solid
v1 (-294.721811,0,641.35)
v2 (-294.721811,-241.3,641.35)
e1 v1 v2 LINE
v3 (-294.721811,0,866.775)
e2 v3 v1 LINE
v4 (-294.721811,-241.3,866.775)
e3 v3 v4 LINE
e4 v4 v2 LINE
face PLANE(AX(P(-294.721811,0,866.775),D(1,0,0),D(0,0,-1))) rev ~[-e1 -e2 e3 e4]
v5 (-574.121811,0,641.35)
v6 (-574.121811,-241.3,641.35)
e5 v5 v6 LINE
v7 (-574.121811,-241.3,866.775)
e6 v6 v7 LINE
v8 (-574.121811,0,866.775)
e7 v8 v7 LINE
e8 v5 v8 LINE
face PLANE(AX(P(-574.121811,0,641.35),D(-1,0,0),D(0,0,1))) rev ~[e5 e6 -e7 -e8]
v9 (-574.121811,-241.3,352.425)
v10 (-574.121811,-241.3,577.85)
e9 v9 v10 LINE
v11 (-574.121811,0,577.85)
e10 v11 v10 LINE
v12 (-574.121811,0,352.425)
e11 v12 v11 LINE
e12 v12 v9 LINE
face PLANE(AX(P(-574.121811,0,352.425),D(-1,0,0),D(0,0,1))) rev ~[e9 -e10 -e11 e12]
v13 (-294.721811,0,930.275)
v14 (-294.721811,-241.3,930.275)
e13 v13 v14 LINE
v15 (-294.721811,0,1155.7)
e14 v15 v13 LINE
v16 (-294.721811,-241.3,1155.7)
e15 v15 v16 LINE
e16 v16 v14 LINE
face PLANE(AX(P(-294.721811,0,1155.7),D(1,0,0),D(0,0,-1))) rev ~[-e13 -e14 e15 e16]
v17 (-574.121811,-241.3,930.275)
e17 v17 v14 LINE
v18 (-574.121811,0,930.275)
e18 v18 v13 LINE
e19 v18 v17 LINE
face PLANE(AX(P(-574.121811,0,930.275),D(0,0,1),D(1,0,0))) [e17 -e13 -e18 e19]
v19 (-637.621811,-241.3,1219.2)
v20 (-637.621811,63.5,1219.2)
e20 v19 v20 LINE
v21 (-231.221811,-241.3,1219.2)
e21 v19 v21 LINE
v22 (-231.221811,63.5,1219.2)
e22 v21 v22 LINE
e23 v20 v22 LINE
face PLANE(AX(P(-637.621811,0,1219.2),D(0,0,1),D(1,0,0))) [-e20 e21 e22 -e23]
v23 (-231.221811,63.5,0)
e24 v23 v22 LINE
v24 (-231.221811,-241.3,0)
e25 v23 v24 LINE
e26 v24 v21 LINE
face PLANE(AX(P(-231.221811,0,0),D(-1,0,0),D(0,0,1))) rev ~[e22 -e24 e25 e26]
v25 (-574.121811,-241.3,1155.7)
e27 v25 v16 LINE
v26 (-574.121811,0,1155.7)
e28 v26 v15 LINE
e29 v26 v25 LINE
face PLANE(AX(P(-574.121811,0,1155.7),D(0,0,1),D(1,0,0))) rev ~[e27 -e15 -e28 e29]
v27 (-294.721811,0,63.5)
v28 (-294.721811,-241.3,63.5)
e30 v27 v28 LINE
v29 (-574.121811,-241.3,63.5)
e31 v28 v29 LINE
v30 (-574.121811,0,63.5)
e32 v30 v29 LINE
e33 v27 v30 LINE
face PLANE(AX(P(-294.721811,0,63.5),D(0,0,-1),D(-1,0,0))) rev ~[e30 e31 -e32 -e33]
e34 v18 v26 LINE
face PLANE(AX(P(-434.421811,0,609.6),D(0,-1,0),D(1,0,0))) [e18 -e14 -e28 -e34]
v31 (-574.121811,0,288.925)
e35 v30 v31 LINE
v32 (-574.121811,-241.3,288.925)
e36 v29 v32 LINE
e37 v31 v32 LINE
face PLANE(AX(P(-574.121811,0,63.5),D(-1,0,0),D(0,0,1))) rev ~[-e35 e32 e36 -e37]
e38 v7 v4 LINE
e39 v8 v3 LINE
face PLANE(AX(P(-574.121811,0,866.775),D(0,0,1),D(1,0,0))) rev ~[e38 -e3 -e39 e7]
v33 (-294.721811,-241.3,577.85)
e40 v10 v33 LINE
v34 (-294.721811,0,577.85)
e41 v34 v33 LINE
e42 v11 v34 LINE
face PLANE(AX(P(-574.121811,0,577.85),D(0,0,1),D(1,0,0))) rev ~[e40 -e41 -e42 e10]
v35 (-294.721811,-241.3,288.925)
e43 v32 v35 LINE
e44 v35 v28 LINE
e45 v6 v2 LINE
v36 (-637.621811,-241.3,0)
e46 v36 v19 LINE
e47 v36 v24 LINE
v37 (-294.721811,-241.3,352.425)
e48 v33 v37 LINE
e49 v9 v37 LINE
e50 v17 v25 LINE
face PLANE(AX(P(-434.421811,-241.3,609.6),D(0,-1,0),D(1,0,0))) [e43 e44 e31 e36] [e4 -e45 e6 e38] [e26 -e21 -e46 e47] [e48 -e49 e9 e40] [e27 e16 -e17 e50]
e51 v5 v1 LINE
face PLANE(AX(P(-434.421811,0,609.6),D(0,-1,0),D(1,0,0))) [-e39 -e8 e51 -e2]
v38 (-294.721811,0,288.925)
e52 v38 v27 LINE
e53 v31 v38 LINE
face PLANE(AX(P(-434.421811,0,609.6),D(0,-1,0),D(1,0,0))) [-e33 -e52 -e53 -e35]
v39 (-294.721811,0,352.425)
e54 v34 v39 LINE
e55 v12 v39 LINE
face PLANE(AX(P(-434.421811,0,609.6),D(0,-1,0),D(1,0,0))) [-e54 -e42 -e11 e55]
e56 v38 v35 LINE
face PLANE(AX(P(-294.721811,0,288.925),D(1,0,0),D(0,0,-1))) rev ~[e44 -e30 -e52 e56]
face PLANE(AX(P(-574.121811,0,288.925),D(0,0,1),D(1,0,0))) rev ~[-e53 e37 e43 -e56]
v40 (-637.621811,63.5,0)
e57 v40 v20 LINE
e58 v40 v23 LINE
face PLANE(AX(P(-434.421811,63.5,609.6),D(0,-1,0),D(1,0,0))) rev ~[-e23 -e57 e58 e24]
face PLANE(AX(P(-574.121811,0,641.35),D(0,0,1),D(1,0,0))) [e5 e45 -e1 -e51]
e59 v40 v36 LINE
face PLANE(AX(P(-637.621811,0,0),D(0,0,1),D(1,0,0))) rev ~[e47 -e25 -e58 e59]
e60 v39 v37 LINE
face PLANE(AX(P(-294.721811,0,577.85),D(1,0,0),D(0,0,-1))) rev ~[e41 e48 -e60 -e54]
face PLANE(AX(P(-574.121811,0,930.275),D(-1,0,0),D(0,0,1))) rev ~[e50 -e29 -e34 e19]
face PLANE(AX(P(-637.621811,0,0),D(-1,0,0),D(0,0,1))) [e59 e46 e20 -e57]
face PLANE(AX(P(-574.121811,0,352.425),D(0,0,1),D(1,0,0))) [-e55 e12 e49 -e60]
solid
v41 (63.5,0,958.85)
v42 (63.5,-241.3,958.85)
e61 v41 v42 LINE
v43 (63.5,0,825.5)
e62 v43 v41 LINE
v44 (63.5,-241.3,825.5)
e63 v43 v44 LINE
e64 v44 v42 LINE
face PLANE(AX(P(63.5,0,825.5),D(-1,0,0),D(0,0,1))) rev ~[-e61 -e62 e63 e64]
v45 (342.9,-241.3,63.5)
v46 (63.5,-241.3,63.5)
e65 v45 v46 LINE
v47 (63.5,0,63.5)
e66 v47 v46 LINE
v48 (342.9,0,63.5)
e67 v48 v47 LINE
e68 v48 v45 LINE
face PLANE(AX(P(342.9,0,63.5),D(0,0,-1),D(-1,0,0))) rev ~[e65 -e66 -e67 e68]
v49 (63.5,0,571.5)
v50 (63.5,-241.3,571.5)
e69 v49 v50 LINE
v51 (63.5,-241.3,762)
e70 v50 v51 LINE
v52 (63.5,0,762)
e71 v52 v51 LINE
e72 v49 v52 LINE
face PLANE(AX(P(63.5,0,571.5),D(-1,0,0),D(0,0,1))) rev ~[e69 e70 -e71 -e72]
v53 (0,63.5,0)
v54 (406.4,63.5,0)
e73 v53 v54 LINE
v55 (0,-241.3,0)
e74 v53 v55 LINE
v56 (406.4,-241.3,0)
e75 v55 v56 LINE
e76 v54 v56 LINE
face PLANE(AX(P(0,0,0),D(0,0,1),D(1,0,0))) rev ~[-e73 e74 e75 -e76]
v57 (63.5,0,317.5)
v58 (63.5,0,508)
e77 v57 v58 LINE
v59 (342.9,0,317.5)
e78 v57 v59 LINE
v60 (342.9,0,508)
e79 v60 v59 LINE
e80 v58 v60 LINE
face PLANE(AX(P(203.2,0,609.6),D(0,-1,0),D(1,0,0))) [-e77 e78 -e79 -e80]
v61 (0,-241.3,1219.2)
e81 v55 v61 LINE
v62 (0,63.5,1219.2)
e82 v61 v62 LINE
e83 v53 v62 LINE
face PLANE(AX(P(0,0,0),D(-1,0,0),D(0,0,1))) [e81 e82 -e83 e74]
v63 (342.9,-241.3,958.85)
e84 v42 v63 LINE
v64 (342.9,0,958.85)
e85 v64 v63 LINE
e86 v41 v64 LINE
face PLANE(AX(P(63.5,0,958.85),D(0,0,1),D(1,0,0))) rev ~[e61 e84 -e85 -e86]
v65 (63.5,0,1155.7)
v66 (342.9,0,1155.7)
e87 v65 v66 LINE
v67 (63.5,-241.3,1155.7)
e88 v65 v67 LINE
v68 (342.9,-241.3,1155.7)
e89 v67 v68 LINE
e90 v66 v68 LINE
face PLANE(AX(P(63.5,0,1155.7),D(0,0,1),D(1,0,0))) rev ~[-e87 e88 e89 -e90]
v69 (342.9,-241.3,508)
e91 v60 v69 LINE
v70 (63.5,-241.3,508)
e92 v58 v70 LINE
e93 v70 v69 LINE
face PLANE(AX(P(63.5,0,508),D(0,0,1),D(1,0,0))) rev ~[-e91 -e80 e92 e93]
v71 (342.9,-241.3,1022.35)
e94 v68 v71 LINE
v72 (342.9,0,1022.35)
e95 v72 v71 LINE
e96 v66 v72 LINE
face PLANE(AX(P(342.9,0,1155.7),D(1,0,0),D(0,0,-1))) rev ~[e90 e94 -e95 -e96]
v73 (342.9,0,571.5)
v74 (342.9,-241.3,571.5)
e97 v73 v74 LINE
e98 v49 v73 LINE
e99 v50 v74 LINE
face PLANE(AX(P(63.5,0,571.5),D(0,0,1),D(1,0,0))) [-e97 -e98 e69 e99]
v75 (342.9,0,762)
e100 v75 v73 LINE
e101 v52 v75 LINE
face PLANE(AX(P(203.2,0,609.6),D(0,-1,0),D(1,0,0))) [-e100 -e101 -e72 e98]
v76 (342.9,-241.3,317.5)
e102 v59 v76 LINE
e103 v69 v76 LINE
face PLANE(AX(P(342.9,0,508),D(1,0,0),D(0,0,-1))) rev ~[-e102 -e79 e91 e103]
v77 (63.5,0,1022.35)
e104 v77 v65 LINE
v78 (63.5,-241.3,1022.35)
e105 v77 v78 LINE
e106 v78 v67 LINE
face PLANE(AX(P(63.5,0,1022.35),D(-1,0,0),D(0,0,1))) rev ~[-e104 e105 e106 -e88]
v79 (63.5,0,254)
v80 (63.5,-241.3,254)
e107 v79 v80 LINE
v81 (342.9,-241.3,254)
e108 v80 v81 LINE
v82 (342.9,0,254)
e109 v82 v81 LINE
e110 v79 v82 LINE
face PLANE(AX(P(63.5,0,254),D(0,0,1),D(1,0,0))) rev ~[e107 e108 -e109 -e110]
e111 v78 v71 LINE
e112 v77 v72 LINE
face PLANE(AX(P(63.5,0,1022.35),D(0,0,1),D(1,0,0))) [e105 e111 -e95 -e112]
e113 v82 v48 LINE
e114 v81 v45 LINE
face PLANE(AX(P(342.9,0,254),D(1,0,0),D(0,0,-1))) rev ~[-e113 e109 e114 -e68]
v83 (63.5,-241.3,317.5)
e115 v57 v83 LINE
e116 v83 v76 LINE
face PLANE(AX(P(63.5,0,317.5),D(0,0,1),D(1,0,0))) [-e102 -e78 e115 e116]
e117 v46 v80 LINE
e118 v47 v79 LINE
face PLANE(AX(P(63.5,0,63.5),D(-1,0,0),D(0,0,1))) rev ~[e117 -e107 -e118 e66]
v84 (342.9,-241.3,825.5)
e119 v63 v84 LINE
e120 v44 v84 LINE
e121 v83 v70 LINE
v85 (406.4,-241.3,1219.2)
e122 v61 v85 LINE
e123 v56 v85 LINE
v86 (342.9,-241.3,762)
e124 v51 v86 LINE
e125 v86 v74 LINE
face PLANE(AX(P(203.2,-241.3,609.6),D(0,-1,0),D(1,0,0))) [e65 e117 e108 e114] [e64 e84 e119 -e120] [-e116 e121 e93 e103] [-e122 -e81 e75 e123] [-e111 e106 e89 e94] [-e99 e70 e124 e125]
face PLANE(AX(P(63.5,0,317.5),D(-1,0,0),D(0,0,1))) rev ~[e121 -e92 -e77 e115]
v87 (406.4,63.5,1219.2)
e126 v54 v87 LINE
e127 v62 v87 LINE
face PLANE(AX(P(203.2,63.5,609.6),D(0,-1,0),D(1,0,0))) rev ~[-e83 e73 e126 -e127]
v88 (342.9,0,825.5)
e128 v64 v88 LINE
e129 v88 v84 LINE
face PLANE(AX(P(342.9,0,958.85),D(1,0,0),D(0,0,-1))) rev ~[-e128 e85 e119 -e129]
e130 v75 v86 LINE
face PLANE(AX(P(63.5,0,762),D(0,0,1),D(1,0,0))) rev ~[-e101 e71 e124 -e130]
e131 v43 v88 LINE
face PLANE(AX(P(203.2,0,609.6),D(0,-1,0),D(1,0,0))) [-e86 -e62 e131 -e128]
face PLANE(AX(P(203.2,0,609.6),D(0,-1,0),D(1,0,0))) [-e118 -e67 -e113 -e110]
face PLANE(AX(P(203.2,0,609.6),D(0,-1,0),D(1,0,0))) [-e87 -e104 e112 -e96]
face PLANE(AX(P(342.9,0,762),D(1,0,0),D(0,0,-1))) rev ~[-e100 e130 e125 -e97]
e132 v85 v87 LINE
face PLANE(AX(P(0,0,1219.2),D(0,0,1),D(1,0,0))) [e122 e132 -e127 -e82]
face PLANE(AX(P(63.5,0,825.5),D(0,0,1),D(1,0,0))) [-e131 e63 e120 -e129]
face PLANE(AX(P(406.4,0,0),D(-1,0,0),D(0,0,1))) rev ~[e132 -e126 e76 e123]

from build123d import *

# Parameters (mm, degrees)
F0_W     = 406.4
F0_H     = 1219.2
F0_W_2   = 279.4
F0_H_2   = 225.425
F0_H_3   = 63.5
F0_H_4   = 190.5
F0_H_5   = 133.35
F1_DEPTH = 63.5
F2_DEPTH = 241.3


with BuildPart() as f1:
    # F0 (on Front) → F1 (new body)
    with BuildSketch(Plane.XZ):
        with Locations((-434.421811, 609.6)):
            Rectangle(F0_W, F0_H)
        Polygon((-574.121811, 1155.7), (-294.721811, 1155.7), (-294.721811, 930.275), (-294.721811, 866.775), (-294.721811, 641.35), (-294.721811, 577.85), (-294.721811, 352.425), (-294.721811, 288.925), (-294.721811, 63.5), (-574.121811, 63.5), (-574.121811, 288.925), (-574.121811, 352.425), (-574.121811, 577.85), (-574.121811, 641.35), (-574.121811, 866.775), (-574.121811, 930.275), align=None, mode=Mode.SUBTRACT)
        with Locations((203.2, 609.6)):
            Rectangle(F0_W, F0_H)
        Polygon((342.9, 254), (342.9, 63.5), (63.5, 63.5), (63.5, 254), (63.5, 317.5), (63.5, 508), (63.5, 571.5), (63.5, 762), (63.5, 825.5), (63.5, 958.85), (63.5, 1022.35), (63.5, 1155.7), (342.9, 1155.7), (342.9, 1022.35), (342.9, 958.85), (342.9, 825.5), (342.9, 762), (342.9, 571.5), (342.9, 508), (342.9, 317.5), align=None, mode=Mode.SUBTRACT)
        with Locations((-434.421811, 1042.9875)):
            Rectangle(F0_W_2, F0_H_2)
        with Locations((-434.421811, 898.525)):
            Rectangle(F0_W_2, F0_H_3)
        with Locations((-434.421811, 754.0625)):
            Rectangle(F0_W_2, F0_H_2)
        with Locations((-434.421811, 609.6)):
            Rectangle(F0_W_2, F0_H_3)
        with Locations((-434.421811, 465.1375)):
            Rectangle(F0_W_2, F0_H_2)
        with Locations((-434.421811, 320.675)):
            Rectangle(F0_W_2, F0_H_3)
        with Locations((-434.421811, 176.2125)):
            Rectangle(F0_W_2, F0_H_2)
        with Locations((203.2, 158.75)):
            Rectangle(F0_W_2, F0_H_4)
        with Locations((203.2, 285.75)):
            Rectangle(F0_W_2, F0_H_3)
        with Locations((203.2, 412.75)):
            Rectangle(F0_W_2, F0_H_4)
        with Locations((203.2, 539.75)):
            Rectangle(F0_W_2, F0_H_3)
        with Locations((203.2, 666.75)):
            Rectangle(F0_W_2, F0_H_4)
        with Locations((203.2, 793.75)):
            Rectangle(F0_W_2, F0_H_3)
        with Locations((203.2, 892.175)):
            Rectangle(F0_W_2, F0_H_5)
        with Locations((203.2, 990.6)):
            Rectangle(F0_W_2, F0_H_3)
        with Locations((203.2, 1089.025)):
            Rectangle(F0_W_2, F0_H_5)
    extrude(amount=-F1_DEPTH)

    # F0 (on Front) → F2 (join)
    with BuildSketch(Plane.XZ):
        with Locations((-434.421811, 609.6)):
            Rectangle(F0_W, F0_H)
        Polygon((-574.121811, 1155.7), (-294.721811, 1155.7), (-294.721811, 930.275), (-294.721811, 866.775), (-294.721811, 641.35), (-294.721811, 577.85), (-294.721811, 352.425), (-294.721811, 288.925), (-294.721811, 63.5), (-574.121811, 63.5), (-574.121811, 288.925), (-574.121811, 352.425), (-574.121811, 577.85), (-574.121811, 641.35), (-574.121811, 866.775), (-574.121811, 930.275), align=None, mode=Mode.SUBTRACT)
        with Locations((-434.421811, 898.525)):
            Rectangle(F0_W_2, F0_H_3)
        with Locations((-434.421811, 609.6)):
            Rectangle(F0_W_2, F0_H_3)
        with Locations((-434.421811, 320.675)):
            Rectangle(F0_W_2, F0_H_3)
        with Locations((203.2, 609.6)):
            Rectangle(F0_W, F0_H)
        Polygon((342.9, 254), (342.9, 63.5), (63.5, 63.5), (63.5, 254), (63.5, 317.5), (63.5, 508), (63.5, 571.5), (63.5, 762), (63.5, 825.5), (63.5, 958.85), (63.5, 1022.35), (63.5, 1155.7), (342.9, 1155.7), (342.9, 1022.35), (342.9, 958.85), (342.9, 825.5), (342.9, 762), (342.9, 571.5), (342.9, 508), (342.9, 317.5), align=None, mode=Mode.SUBTRACT)
        with Locations((203.2, 990.6)):
            Rectangle(F0_W_2, F0_H_3)
        with Locations((203.2, 793.75)):
            Rectangle(F0_W_2, F0_H_3)
        with Locations((203.2, 539.75)):
            Rectangle(F0_W_2, F0_H_3)
        with Locations((203.2, 285.75)):
            Rectangle(F0_W_2, F0_H_3)
    extrude(amount=F2_DEPTH)


solid = f1.part
